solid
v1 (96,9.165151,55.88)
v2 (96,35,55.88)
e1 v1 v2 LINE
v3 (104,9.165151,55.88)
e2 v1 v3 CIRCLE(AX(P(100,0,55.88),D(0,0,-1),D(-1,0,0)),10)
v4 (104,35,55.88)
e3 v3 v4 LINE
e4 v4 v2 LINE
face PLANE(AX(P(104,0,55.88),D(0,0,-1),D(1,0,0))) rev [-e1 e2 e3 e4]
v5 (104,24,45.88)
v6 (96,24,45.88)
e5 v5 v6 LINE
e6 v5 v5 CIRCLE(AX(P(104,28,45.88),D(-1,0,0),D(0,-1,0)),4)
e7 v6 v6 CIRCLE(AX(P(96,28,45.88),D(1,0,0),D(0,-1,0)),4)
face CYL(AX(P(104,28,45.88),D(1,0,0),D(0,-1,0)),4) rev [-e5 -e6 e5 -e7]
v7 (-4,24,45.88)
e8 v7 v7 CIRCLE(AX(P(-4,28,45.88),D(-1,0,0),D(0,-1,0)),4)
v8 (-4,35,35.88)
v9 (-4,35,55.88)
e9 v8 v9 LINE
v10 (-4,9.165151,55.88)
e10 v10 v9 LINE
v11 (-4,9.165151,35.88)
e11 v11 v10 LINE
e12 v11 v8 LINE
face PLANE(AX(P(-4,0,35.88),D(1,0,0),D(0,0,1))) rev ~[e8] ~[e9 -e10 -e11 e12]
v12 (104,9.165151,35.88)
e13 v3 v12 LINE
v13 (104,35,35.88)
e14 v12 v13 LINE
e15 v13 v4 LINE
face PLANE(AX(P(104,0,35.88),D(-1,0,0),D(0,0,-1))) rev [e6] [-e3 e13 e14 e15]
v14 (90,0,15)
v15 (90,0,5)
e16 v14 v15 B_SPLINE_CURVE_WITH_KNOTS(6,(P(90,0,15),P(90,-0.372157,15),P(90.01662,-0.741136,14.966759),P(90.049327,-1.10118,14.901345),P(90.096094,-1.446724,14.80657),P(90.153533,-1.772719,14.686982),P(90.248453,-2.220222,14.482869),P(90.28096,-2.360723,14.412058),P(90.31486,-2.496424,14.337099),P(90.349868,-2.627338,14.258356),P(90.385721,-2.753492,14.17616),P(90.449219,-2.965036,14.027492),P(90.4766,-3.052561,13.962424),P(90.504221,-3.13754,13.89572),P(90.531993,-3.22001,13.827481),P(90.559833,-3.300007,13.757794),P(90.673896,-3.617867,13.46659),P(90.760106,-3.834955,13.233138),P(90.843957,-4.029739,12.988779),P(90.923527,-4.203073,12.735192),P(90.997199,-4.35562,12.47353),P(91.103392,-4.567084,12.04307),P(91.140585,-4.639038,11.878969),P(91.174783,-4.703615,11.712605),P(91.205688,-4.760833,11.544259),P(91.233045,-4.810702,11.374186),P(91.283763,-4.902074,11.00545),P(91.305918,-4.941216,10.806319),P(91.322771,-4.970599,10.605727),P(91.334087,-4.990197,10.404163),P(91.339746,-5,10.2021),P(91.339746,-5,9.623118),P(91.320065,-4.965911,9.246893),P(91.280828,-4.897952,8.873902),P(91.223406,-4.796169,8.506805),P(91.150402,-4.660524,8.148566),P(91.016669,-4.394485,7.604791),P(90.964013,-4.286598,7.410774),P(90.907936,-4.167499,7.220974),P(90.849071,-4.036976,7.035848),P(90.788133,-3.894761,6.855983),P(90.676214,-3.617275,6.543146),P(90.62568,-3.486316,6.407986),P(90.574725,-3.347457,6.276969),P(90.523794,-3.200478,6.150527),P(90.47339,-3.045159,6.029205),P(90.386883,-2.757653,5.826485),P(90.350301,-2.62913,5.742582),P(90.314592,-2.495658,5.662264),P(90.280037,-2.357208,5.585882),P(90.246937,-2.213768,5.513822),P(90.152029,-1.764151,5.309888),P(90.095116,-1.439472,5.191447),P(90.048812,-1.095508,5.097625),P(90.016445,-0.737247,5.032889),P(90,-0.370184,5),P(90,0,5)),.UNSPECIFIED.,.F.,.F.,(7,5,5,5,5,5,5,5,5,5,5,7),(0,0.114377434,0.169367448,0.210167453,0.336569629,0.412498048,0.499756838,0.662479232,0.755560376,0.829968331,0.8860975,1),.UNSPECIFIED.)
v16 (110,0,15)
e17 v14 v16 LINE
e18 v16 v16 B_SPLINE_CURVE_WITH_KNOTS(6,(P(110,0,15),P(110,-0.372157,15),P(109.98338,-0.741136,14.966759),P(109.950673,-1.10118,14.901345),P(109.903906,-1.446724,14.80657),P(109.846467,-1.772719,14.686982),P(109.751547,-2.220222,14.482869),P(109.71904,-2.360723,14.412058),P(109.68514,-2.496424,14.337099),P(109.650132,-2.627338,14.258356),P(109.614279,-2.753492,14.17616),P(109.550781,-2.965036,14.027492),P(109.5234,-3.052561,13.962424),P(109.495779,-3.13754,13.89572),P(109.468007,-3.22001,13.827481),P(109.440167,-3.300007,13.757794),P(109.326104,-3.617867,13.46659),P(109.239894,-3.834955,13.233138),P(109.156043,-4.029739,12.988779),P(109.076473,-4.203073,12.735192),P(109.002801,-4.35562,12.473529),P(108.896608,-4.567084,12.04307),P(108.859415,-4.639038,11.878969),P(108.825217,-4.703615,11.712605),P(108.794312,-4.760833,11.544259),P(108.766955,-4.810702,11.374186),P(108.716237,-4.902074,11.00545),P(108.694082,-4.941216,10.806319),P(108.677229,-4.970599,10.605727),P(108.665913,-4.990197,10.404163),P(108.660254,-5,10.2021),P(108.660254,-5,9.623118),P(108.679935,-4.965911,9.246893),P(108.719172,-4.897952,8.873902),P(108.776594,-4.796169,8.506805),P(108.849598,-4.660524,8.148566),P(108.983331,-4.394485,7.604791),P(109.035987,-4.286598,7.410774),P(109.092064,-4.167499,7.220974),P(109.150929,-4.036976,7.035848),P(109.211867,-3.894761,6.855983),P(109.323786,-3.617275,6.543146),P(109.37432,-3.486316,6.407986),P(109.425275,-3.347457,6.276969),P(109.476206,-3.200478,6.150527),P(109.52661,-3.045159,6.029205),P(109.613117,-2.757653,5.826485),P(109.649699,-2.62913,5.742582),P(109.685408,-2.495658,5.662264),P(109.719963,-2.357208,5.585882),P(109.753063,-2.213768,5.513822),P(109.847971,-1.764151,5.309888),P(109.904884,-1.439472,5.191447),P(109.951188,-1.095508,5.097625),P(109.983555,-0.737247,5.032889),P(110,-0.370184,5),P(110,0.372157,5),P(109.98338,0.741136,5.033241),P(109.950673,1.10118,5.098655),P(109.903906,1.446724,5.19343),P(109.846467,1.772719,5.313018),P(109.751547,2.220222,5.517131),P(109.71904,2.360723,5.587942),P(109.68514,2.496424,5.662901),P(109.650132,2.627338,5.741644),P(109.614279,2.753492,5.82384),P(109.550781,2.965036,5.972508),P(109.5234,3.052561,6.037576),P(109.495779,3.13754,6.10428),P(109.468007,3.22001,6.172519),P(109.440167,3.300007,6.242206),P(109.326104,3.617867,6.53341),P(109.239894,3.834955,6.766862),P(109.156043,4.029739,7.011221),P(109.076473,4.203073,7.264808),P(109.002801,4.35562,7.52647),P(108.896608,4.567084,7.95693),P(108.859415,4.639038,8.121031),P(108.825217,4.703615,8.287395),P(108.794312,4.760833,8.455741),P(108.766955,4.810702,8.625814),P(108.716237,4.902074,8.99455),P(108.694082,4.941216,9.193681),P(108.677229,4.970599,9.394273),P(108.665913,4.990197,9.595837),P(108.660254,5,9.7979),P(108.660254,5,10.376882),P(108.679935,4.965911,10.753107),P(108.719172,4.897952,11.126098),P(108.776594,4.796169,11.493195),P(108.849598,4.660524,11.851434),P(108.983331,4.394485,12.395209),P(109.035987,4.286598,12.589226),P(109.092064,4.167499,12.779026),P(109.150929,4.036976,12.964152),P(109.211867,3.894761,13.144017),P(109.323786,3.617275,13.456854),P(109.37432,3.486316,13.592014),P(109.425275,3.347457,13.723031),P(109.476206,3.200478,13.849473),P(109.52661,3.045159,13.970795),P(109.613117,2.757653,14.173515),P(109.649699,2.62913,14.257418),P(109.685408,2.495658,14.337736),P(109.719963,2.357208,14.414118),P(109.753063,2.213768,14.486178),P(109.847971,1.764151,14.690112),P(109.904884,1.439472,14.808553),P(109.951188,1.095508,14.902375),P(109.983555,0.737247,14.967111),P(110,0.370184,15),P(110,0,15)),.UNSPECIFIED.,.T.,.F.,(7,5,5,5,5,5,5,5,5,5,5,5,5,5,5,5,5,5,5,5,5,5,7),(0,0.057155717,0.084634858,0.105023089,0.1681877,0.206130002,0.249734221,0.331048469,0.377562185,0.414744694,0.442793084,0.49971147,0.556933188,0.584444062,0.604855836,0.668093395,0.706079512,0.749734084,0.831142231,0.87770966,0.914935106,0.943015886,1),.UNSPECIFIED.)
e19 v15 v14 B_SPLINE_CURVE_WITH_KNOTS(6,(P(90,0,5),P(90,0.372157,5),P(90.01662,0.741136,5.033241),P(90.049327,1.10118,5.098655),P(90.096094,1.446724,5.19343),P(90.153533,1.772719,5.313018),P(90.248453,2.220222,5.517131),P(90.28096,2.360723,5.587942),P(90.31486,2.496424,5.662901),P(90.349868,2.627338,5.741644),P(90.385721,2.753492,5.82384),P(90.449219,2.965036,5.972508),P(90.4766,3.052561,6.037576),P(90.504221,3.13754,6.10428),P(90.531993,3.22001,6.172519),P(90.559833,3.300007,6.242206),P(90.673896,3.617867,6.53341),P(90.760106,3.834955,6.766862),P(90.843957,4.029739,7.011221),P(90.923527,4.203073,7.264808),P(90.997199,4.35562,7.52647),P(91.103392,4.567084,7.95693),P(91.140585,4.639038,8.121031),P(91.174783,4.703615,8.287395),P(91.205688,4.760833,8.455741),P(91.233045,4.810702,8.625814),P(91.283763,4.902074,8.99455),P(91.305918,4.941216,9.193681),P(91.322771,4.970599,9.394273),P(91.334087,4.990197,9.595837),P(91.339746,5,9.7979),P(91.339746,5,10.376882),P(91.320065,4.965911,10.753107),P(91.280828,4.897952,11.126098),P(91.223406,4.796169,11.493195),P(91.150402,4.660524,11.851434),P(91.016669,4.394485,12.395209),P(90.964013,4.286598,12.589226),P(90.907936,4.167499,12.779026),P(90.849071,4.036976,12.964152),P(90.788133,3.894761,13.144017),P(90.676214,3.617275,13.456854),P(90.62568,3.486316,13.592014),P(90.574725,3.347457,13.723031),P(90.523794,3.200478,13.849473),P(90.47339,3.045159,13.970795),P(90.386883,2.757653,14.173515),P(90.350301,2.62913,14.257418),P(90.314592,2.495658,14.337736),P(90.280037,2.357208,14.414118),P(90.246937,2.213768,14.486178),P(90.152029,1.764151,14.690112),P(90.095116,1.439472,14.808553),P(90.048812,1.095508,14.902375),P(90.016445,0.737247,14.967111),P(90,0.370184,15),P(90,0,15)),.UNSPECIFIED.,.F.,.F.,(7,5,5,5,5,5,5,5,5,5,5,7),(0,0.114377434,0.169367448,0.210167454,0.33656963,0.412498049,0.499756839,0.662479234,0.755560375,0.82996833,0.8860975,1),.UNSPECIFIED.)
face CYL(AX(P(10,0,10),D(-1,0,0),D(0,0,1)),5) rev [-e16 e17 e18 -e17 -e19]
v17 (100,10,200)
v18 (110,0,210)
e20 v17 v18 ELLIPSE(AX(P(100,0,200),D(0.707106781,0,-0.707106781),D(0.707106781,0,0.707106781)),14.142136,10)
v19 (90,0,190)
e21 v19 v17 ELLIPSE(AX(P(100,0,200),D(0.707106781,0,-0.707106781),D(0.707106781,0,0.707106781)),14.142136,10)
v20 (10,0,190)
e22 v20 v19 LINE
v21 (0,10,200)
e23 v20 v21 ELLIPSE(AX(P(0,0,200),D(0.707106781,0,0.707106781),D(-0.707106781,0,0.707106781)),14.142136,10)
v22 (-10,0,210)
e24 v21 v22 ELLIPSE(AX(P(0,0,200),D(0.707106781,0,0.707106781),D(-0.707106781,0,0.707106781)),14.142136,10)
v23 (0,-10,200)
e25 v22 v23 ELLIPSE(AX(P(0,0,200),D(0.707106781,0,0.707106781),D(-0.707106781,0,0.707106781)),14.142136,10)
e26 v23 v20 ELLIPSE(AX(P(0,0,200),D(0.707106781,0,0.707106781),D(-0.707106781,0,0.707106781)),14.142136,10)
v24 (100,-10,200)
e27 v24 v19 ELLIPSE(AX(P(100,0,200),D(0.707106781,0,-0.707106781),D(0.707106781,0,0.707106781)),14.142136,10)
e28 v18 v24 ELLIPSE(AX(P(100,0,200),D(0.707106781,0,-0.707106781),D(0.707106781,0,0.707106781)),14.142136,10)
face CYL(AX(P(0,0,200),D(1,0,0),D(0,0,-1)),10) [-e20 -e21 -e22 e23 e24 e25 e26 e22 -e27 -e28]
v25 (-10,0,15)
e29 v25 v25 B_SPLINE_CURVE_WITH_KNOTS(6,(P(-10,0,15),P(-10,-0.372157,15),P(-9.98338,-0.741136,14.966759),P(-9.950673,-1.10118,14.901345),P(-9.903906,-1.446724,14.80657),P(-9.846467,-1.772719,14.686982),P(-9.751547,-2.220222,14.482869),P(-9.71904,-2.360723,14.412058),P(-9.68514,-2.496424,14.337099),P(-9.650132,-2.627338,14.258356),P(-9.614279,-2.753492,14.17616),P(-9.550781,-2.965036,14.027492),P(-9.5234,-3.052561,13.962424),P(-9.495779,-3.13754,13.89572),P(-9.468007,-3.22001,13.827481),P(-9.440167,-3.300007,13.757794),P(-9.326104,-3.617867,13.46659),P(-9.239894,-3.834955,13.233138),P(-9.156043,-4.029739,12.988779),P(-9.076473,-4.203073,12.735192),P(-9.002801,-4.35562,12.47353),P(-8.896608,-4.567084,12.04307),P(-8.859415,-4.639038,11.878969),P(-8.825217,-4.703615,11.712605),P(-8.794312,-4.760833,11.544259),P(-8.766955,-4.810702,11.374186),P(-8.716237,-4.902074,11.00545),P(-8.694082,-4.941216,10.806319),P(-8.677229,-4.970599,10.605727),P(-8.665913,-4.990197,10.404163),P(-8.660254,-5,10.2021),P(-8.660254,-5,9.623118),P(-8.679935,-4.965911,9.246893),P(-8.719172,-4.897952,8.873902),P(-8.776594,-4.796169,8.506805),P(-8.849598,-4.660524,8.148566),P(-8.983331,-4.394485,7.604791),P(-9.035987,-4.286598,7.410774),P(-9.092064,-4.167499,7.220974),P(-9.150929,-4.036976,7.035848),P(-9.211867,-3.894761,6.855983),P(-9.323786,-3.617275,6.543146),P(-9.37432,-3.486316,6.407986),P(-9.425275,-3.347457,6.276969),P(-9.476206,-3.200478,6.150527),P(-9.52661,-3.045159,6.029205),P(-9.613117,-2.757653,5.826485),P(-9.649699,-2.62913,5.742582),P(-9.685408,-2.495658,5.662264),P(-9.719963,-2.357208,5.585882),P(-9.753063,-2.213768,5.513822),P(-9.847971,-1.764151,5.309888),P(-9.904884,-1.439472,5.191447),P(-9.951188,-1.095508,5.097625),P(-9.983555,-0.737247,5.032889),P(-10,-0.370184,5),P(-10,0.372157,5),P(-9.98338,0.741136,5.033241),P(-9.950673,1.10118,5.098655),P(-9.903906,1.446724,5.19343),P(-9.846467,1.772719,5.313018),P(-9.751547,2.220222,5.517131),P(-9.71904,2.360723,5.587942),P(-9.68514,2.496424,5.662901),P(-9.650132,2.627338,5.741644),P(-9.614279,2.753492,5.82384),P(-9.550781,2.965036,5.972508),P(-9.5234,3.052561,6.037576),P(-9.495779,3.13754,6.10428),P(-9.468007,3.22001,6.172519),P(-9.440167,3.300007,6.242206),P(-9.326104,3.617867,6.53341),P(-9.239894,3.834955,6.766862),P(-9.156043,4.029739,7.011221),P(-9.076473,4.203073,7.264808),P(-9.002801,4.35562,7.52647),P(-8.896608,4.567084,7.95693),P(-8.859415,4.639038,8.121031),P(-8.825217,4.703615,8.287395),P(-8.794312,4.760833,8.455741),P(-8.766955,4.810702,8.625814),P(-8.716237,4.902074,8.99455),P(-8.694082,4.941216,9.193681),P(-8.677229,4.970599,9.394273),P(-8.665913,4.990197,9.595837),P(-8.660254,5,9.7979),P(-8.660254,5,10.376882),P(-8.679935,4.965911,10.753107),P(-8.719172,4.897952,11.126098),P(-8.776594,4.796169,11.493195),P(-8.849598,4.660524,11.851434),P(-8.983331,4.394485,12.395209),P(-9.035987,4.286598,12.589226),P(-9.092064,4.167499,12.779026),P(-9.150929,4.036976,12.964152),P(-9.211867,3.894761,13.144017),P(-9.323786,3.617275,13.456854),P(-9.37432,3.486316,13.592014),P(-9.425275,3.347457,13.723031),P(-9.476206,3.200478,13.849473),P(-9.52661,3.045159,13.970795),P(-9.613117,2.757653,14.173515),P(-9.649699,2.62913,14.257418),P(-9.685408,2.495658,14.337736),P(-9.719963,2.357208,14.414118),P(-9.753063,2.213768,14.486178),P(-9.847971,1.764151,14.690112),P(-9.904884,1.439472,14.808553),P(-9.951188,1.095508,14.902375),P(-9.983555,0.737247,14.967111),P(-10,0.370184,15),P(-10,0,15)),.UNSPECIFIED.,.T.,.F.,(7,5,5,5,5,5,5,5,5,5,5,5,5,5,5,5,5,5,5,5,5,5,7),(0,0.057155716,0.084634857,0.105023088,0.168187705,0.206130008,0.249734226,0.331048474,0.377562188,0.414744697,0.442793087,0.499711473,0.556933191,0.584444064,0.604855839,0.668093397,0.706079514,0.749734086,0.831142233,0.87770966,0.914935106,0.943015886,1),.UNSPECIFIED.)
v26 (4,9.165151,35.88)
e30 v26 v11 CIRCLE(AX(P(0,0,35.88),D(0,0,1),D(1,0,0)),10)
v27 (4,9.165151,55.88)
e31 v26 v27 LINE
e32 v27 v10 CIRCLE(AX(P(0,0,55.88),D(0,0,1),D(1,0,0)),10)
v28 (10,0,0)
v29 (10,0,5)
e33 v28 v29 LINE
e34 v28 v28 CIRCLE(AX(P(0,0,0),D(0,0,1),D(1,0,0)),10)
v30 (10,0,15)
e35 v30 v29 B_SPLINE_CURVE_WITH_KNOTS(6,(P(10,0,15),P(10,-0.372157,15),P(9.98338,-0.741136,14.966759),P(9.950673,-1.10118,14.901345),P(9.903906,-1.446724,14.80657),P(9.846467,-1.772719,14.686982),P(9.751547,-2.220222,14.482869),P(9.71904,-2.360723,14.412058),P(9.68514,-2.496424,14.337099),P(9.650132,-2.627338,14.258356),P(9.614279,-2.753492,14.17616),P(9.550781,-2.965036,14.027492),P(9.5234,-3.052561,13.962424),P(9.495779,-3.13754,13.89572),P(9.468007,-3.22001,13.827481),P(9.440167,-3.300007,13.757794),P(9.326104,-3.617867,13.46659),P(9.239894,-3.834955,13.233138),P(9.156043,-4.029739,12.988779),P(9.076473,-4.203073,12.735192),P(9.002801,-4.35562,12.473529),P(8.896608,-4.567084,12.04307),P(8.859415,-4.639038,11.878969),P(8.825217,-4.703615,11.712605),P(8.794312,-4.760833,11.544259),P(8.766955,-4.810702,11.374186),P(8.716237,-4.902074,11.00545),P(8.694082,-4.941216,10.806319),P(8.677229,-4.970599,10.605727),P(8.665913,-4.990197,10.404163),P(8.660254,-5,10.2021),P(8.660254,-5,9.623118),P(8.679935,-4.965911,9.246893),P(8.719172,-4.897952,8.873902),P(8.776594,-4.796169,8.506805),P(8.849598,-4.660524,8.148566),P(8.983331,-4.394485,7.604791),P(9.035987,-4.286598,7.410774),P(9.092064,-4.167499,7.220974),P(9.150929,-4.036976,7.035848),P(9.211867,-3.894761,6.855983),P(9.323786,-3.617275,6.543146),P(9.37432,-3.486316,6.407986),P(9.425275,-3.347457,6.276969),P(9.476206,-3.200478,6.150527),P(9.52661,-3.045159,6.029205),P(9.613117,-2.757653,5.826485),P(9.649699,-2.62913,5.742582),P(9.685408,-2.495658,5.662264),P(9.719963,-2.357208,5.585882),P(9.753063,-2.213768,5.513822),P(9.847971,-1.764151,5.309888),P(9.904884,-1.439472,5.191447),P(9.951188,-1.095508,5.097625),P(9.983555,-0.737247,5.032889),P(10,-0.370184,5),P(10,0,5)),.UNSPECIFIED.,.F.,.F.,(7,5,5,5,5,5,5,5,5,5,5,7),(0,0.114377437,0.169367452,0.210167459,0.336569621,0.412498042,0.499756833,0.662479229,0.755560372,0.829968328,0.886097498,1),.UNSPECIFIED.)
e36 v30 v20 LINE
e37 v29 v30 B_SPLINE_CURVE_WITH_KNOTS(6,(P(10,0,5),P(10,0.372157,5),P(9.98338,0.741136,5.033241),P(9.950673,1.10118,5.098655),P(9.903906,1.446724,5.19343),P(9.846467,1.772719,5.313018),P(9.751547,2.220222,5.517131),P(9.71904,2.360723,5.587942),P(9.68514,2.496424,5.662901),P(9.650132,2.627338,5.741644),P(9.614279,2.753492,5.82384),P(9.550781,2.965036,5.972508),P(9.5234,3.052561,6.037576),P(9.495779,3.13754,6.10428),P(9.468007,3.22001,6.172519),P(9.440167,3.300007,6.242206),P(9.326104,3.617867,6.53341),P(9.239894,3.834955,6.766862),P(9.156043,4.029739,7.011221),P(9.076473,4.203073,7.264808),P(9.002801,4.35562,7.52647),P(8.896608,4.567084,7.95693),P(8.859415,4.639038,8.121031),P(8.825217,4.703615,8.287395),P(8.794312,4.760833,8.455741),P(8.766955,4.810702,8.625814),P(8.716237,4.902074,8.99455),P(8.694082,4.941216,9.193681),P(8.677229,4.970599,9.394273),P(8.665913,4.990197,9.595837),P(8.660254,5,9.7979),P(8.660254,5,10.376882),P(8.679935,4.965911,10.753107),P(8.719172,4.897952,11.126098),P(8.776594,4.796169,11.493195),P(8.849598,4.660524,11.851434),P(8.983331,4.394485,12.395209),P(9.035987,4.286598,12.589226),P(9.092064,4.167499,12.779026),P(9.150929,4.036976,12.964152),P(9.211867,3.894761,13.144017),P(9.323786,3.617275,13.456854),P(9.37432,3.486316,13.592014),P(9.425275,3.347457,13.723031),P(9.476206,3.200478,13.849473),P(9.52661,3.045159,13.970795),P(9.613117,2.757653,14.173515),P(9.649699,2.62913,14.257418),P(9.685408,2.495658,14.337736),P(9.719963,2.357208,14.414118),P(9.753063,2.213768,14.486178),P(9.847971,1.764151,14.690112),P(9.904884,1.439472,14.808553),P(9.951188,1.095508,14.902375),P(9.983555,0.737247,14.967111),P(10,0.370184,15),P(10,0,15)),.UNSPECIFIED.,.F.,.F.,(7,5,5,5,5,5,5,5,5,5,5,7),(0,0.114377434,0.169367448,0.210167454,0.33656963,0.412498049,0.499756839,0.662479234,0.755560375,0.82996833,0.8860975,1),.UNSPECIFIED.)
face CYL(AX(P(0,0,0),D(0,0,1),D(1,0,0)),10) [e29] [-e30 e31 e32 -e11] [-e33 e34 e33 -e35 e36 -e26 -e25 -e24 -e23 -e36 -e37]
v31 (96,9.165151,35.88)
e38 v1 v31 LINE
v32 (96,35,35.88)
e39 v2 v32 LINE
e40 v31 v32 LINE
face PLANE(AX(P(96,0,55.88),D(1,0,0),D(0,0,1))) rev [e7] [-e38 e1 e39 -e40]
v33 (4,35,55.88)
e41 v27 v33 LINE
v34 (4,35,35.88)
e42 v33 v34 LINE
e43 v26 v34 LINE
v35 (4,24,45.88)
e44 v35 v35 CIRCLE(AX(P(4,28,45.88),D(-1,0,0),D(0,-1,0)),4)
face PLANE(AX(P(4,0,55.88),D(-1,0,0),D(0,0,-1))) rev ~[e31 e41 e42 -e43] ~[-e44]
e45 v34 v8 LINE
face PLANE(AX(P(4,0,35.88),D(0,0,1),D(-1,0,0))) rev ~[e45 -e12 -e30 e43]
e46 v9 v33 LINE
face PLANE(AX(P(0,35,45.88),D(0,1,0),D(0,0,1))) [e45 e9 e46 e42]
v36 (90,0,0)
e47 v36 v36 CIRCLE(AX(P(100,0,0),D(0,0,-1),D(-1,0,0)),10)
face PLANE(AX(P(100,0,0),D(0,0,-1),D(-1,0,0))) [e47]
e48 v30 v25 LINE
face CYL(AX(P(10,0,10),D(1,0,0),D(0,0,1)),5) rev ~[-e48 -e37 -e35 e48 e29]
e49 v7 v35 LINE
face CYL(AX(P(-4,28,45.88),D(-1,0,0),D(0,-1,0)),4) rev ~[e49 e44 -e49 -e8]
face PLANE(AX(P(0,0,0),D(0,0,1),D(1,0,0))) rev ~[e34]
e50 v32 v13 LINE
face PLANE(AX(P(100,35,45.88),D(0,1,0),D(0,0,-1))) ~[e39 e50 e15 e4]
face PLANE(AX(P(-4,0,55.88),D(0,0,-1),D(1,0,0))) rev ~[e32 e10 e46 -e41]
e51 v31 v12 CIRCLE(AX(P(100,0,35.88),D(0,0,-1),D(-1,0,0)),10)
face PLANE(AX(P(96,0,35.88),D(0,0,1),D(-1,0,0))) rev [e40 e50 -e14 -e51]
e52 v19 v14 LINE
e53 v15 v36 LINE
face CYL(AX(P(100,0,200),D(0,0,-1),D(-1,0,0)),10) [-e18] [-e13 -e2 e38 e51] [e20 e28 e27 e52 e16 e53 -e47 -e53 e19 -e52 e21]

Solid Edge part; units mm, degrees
sketch "Sketch1" plane through (0, 0, 0) normal (0, -1, 0) x (1, 0, 0)
  line L0 (0, 0) -> (0, 200)
  line L1 (0, 200) -> (100, 200)
  line L2 (100, 200) -> (100, 0)
  dimension "D1" = 200
  dimension "D2" = 100
sketch "Sketch2" plane through (0, 0, 0) normal (0, 0, 1) x (1, 0, 0)
  circle A0 centre (0, 0) radius 10
sweep "SweptProtrusion_1" add profiles "Sketch2" path "Sketch1"
sketch "Sketch3" plane through (0, 0, 0) normal (0, 1, 0) x (-1, 0, 0)
  line L0 (-4, 55.88) -> (-4, 35.88)
  line L1 (-4, 35.88) -> (4, 35.88)
  line L2 (4, 35.88) -> (4, 55.88)
  line L3 (4, 55.88) -> (-4, 55.88)
extrude "ExtrudedProtrusion_1" add sketch "Sketch3" along normal blind 35
sketch "Sketch4" plane through (-4, 14.5826, 70) normal (-1, 0, 0) x (0, -1, 0)
  circle A0 centre (-13.4174, -24.12) radius 4
extrude "ExtrudedCutout_1" cut sketch "Sketch4" against normal blind 16.5198
mirror "Mirror1" about plane through (50, 0, 0) normal (-1, 0, 0) of "ExtrudedProtrusion_1", "ExtrudedCutout_1"
sketch "Sketch5" plane through (10, 0, 105) normal (1, 0, 0) x (0, 0, 1)
  circle A0 centre (-95, 0) radius 5
extrude "ExtrudedCutout_2" cut sketch "Sketch5" along normal mid plane 237.1494
properties material "Stainless steel"
